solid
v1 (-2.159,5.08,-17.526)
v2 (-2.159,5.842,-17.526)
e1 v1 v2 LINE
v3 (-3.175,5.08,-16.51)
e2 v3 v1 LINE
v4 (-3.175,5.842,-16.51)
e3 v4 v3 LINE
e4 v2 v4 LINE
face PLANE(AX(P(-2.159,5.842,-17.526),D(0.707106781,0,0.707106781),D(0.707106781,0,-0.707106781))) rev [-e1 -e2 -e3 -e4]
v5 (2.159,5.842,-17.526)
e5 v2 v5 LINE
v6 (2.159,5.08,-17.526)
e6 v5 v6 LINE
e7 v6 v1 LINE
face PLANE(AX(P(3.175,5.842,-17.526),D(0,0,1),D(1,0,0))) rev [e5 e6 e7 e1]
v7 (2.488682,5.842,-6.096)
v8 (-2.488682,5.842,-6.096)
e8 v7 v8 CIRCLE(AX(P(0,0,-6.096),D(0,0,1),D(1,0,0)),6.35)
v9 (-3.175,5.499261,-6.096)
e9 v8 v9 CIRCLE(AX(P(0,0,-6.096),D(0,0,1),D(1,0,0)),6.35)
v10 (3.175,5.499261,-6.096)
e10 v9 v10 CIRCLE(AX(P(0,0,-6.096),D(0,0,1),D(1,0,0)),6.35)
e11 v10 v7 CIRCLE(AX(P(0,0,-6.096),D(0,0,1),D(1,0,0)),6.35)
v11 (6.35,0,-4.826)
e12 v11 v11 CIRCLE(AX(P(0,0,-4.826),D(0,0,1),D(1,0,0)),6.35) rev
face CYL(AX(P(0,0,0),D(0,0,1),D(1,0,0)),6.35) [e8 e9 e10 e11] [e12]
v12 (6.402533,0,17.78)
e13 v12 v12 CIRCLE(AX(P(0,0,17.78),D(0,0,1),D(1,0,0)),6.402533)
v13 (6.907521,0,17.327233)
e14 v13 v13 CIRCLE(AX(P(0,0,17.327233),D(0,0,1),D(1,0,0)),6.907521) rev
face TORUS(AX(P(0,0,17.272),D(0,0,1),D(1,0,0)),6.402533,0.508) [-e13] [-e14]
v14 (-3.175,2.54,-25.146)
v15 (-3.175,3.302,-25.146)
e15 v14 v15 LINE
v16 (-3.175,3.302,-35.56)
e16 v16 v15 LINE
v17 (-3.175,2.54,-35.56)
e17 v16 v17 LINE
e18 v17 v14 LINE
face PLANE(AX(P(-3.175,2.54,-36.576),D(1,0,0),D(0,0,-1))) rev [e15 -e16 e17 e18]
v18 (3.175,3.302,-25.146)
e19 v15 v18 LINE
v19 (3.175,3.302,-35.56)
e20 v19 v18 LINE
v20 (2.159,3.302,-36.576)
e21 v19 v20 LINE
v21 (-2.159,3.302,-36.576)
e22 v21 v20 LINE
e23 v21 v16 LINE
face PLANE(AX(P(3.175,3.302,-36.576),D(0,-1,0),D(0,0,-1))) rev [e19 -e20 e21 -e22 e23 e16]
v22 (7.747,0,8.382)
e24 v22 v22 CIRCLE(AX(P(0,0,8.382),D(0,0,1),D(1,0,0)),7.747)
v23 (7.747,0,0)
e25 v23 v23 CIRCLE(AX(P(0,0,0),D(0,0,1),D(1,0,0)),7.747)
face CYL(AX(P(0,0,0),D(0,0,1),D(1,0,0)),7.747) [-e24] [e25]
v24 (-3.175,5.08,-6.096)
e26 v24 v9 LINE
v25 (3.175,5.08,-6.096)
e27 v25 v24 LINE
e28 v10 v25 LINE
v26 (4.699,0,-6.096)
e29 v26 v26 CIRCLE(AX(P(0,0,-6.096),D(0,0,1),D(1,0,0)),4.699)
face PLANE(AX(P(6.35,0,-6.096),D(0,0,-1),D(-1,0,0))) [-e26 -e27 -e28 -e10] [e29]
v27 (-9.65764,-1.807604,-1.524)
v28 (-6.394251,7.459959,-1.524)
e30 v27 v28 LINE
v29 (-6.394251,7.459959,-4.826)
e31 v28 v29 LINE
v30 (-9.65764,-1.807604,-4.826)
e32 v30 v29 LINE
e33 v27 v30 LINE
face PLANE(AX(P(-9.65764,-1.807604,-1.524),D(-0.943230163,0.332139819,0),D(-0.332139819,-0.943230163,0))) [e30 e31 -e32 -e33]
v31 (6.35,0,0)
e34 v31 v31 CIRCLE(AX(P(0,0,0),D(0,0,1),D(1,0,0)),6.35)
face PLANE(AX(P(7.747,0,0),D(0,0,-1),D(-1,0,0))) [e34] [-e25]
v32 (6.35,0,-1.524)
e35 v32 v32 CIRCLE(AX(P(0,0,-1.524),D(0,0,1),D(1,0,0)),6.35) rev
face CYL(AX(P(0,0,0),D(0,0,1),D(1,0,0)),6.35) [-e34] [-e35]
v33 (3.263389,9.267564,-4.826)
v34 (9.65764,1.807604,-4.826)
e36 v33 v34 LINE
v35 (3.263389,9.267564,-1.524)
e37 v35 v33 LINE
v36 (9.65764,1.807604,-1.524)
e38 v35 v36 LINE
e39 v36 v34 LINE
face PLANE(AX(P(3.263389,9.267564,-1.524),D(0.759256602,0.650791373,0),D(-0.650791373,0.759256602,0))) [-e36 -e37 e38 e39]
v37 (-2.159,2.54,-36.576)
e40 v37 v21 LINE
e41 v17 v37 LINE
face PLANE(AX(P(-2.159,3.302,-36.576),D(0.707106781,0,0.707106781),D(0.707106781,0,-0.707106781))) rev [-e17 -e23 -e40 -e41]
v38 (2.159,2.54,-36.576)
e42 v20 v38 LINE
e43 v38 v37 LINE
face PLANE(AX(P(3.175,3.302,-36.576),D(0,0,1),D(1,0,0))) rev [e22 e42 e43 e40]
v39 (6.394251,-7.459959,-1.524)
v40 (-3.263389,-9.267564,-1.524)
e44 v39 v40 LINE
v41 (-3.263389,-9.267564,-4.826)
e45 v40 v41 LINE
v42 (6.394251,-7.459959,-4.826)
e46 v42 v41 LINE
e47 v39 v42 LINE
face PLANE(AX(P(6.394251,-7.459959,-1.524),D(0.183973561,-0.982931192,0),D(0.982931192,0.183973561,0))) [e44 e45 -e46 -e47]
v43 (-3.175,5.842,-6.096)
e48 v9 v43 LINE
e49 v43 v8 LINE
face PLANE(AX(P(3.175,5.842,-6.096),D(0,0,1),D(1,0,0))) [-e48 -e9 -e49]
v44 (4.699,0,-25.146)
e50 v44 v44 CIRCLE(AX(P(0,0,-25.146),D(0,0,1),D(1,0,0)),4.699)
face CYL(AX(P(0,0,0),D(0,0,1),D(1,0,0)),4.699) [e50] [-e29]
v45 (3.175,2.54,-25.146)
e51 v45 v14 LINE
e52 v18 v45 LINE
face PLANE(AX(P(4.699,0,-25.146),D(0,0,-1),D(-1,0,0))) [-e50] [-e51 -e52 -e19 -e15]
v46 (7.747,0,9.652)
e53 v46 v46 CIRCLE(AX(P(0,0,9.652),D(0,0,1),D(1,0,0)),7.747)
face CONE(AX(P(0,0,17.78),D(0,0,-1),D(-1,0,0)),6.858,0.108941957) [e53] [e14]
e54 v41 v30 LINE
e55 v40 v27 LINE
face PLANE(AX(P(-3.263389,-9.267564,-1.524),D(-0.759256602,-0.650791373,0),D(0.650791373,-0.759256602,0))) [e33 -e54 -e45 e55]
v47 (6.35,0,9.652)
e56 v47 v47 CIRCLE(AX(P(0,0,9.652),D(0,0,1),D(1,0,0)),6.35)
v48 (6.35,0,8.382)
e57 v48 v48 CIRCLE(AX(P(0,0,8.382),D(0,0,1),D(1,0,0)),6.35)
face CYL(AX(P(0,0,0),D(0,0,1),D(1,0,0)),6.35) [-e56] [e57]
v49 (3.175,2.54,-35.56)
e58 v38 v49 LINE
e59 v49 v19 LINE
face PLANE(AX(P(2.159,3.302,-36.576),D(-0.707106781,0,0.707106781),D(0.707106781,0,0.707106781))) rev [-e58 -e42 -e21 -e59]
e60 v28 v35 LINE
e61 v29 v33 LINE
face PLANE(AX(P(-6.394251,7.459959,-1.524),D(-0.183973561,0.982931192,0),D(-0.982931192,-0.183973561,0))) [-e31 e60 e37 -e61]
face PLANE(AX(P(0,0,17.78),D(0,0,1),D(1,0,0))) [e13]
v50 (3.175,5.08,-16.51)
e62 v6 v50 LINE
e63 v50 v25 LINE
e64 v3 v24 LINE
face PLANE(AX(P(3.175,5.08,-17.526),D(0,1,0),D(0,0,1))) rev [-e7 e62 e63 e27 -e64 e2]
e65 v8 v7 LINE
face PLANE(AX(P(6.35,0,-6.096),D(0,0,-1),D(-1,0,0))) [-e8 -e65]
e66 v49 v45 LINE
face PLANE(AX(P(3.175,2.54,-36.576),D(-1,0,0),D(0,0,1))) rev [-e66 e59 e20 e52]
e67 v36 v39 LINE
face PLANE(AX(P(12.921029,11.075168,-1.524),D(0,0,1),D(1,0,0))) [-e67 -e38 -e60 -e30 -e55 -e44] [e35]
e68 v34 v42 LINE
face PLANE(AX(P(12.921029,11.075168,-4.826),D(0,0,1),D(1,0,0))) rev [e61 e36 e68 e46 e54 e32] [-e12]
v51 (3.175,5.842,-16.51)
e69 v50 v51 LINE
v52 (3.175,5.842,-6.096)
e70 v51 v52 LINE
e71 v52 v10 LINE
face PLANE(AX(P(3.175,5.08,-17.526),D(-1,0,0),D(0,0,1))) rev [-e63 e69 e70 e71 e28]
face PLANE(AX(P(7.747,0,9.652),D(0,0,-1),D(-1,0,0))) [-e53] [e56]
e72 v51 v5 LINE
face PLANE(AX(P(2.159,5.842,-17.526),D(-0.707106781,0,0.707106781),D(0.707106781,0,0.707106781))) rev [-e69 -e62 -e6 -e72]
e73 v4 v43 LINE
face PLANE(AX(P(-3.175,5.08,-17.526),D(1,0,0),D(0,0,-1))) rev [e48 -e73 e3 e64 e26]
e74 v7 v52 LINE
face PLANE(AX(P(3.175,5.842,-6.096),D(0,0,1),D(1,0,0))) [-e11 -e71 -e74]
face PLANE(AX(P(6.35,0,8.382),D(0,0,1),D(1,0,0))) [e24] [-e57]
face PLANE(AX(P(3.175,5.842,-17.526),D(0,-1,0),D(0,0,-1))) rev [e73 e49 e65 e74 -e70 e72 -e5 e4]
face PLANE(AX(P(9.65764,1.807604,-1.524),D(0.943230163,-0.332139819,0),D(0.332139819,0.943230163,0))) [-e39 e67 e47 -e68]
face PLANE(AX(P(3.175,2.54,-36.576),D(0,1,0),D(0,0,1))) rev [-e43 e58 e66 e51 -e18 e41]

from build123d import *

# Parameters (mm, degrees)
BOSS_EXTRUDE1_DEPTH = 3.302
FILLET1_R           = 0.508
SKETCH3_W           = 6.35
SKETCH3_H           = 0.762
BOSS_EXTRUDE2_DEPTH = 11.43
SKETCH4_W           = 6.35
SKETCH4_H           = 0.762
BOSS_EXTRUDE3_DEPTH = 11.43
CHAMFER1_SIZE       = 1.016


with BuildPart() as part:
    # Sketch1 → Base-Revolve (revolve)
    with BuildSketch(Plane(origin=(0, 0, 0), x_dir=(1, 0, 0), z_dir=(0, 1, 0))):
        Polygon((0, -17.78), (6.858, -17.78), (7.747, -9.652), (6.35, -9.652), (6.35, -8.382), (7.747, -8.382), (7.747, 0), (6.35, 0), (6.35, 6.096), (4.699, 6.096), (4.699, 25.146), (0, 25.146), align=None)
    revolve(axis=Axis((0, 0, 0), (0, 0, -1)))

    # Sketch2 → Boss-Extrude1 (add)
    with BuildSketch(Plane(origin=(0, 0, -4.826), x_dir=(-1, 0, 0), z_dir=(0, 0, -1))):
        Polygon((-6.394250991, -7.45995949), (3.263388934, -9.267563542), (9.657639925, -1.807604052), (6.394250991, 7.45995949), (-3.263388934, 9.267563542), (-9.657639925, 1.807604052), align=None)
    extrude(amount=-BOSS_EXTRUDE1_DEPTH)

    # Fillet1
    fillet1_edges = [part.edges().sort_by_distance(p)[0] for p in [
        (-6.858, 0, 17.78),
    ]]
    fillet(fillet1_edges, radius=FILLET1_R)

    # Sketch3 → Boss-Extrude2 (add)
    with BuildSketch(Plane(origin=(0, 0, -25.146), x_dir=(-1, 0, 0), z_dir=(0, 0, -1))):
        with Locations((0, 2.921)):
            Rectangle(SKETCH3_W, SKETCH3_H)
    extrude(amount=BOSS_EXTRUDE2_DEPTH)

    # Sketch4 → Boss-Extrude3 (add)
    with BuildSketch(Plane(origin=(-0.217554927, 1.748253857, -6.096), x_dir=(-1, 0, 0), z_dir=(0, 0, -1))):
        with Locations((-0.217554927, 3.712746143)):
            Rectangle(SKETCH4_W, SKETCH4_H)
    extrude(amount=BOSS_EXTRUDE3_DEPTH)

    # Chamfer1
    chamfer1_edges = [part.edges().sort_by_distance(p)[0] for p in [
        (3.175, 5.461, -17.526),
        (-3.175, 5.461, -17.526),
        (-3.175, 2.921, -36.576),
        (3.175, 2.921, -36.576),
    ]]
    chamfer(chamfer1_edges, length=CHAMFER1_SIZE)


solid = part.part
